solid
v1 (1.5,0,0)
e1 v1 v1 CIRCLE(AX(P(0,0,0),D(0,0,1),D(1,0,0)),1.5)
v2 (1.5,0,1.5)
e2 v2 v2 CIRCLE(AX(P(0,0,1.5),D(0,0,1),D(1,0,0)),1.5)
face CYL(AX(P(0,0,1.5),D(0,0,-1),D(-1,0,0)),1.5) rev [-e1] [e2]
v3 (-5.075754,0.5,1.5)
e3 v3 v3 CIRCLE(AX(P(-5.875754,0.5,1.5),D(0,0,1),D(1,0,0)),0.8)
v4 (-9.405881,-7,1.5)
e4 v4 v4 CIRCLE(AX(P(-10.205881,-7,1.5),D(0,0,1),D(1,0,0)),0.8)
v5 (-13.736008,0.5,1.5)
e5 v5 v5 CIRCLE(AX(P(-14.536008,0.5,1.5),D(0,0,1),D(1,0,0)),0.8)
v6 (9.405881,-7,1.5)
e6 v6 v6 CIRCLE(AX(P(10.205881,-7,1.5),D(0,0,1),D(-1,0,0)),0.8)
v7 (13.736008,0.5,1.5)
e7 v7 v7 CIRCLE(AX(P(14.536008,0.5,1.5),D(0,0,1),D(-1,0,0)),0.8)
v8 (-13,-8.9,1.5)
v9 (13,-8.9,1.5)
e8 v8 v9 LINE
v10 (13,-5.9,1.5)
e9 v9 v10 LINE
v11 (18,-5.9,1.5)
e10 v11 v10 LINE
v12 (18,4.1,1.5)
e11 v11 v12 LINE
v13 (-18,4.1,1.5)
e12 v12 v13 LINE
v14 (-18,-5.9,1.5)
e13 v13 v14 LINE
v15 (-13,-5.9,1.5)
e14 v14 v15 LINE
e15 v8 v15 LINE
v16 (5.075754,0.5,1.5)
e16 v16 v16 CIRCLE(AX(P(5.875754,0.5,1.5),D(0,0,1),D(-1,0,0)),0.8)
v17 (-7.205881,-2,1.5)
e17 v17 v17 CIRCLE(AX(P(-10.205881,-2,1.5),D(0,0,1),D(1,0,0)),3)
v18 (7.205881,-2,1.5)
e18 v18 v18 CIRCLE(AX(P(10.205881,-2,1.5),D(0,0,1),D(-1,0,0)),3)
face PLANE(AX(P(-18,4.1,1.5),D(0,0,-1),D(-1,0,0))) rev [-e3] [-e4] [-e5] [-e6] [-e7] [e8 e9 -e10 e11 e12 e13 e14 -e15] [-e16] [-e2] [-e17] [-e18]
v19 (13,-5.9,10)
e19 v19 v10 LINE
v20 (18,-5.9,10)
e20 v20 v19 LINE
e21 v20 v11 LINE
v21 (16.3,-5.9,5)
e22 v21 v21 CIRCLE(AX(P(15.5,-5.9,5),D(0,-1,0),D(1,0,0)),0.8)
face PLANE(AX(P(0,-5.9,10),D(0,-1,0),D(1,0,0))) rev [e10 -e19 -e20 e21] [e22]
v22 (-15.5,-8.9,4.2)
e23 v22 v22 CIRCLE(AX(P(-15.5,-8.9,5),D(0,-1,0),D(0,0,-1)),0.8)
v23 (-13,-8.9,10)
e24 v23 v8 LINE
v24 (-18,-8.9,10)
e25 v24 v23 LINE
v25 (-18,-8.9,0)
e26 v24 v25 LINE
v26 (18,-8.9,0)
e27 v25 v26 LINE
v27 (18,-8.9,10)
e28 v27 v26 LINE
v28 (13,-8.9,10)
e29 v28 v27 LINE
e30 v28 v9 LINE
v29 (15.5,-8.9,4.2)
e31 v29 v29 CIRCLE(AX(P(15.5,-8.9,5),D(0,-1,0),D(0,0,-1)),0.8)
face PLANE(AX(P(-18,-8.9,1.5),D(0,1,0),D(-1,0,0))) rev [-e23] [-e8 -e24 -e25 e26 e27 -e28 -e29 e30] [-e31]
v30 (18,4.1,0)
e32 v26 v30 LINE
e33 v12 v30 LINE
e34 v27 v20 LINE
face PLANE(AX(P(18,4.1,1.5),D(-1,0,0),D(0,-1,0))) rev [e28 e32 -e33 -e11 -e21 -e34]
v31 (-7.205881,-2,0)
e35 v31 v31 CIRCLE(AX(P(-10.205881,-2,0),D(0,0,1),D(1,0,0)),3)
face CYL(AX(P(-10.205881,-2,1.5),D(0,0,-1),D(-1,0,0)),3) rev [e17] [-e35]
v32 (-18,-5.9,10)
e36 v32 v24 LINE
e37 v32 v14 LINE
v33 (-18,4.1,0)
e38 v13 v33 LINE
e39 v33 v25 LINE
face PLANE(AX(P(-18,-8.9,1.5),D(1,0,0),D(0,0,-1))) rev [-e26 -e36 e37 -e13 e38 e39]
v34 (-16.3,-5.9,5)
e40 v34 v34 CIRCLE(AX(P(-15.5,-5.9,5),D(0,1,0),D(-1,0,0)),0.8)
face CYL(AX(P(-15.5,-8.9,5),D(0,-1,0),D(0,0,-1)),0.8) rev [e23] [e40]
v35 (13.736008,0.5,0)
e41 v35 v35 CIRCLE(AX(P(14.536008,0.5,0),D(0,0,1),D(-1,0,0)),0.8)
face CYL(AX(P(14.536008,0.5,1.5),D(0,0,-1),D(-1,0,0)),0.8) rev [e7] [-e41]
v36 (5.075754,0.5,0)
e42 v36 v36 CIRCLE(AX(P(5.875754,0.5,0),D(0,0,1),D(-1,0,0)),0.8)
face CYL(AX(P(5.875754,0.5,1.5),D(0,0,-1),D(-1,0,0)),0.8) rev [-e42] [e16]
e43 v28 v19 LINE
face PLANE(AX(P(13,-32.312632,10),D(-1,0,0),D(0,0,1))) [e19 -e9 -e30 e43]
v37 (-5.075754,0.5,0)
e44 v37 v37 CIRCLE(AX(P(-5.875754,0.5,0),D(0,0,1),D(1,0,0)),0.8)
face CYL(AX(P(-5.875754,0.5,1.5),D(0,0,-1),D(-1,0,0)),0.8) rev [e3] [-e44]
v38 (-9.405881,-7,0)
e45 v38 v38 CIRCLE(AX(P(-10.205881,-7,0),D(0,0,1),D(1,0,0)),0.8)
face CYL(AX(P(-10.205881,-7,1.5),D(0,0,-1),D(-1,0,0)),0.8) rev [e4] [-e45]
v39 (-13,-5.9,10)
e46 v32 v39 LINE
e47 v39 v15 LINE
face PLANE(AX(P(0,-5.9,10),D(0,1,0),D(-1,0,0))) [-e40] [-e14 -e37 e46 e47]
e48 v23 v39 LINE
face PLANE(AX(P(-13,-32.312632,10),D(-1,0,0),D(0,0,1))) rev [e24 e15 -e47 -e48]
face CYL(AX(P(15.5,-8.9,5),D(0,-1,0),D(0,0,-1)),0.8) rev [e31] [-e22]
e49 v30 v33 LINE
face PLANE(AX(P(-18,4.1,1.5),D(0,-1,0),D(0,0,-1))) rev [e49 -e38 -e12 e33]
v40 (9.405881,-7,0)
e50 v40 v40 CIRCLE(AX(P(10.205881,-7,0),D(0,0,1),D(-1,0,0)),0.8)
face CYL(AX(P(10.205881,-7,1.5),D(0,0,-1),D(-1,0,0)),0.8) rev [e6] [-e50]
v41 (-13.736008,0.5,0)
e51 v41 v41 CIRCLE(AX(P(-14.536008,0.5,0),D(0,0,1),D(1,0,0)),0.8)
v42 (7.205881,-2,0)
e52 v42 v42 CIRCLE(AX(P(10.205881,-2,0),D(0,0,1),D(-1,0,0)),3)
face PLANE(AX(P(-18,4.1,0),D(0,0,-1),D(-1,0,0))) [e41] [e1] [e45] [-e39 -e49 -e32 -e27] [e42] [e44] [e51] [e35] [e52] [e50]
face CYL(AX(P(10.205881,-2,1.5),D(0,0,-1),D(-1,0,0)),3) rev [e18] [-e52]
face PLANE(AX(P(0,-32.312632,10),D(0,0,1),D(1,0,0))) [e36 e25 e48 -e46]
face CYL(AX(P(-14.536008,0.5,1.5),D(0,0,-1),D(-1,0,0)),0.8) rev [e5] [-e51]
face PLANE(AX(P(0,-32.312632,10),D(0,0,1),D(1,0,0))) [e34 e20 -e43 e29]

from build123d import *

# Parameters (mm, degrees)
SKETCH_1_W         = 35.99999999
SKETCH_1_H         = 13
SKETCH_1_R         = 2.999999999
SKETCH_1_R_2       = 0.8
SKETCH_1_R_3       = 1.500000001
SKETCH_1_R_4       = 0.799999999
SKETCH_1_R_5       = 0.799999997
SKETCH_1_R_6       = 0.799999998
SKETCH_1_R_7       = 2.999999997
EXTRUDE_1_DEPTH    = 1.5
SKETCH_2_W         = 5
SKETCH_2_H         = 3
SKETCH_2_W_2       = 4.999999998
EXTRUDE_2_DEPTH    = 8.5
HOLE_WIZARD_M2_1_D = 1.6


with BuildPart() as part:
    # 스케치1 → 돌출1 (new body)
    with BuildSketch(Plane.XY):
        with Locations((-1e-09, -2.4)):
            Rectangle(SKETCH_1_W, SKETCH_1_H)
        with Locations((-10.205880656, -2.000000001)):
            Circle(SKETCH_1_R, mode=Mode.SUBTRACT)
        with Locations((-14.536007677, 0.5)):
            Circle(SKETCH_1_R_2, mode=Mode.SUBTRACT)
        with Locations((-5.875753638, 0.499999998)):
            Circle(SKETCH_1_R_2, mode=Mode.SUBTRACT)
        with Locations((-1e-09, 0)):
            Circle(SKETCH_1_R_3, mode=Mode.SUBTRACT)
        with Locations((-10.205880656, -7.000000001)):
            Circle(SKETCH_1_R_4, mode=Mode.SUBTRACT)
        with Locations(Location((10.205880654, -7.000000001, 0), (0, 0, 180))):
            Circle(SKETCH_1_R_5, mode=Mode.SUBTRACT)
        with Locations(Location((5.875753636, 0.499999998, 0), (0, 0, 180))):
            Circle(SKETCH_1_R_5, mode=Mode.SUBTRACT)
        with Locations(Location((14.536007674, 0.5, 0), (0, 0, 180))):
            Circle(SKETCH_1_R_6, mode=Mode.SUBTRACT)
        with Locations(Location((10.205880654, -2.000000001, 0), (0, 0, 180))):
            Circle(SKETCH_1_R_7, mode=Mode.SUBTRACT)
    extrude(amount=EXTRUDE_1_DEPTH)

    # 스케치2 → 돌출2 (add)
    with BuildSketch(Plane.XY.offset(1.5)):
        with Locations((-15.499999996, -7.4)):
            Rectangle(SKETCH_2_W, SKETCH_2_H)
        with Locations((15.499999995, -7.4)):
            Rectangle(SKETCH_2_W_2, SKETCH_2_H)
    extrude(amount=EXTRUDE_2_DEPTH)

    # M2 탭을 위한 탭 드릴1 (through all)
    with Locations(Plane(origin=(-15.499999996, -8.9, 5), x_dir=(-1, 0, 0), z_dir=(0, -1, 0))):
        with Locations((0, 0), (-30.999999991, 0)):
            Hole(HOLE_WIZARD_M2_1_D / 2)


solid = part.part
